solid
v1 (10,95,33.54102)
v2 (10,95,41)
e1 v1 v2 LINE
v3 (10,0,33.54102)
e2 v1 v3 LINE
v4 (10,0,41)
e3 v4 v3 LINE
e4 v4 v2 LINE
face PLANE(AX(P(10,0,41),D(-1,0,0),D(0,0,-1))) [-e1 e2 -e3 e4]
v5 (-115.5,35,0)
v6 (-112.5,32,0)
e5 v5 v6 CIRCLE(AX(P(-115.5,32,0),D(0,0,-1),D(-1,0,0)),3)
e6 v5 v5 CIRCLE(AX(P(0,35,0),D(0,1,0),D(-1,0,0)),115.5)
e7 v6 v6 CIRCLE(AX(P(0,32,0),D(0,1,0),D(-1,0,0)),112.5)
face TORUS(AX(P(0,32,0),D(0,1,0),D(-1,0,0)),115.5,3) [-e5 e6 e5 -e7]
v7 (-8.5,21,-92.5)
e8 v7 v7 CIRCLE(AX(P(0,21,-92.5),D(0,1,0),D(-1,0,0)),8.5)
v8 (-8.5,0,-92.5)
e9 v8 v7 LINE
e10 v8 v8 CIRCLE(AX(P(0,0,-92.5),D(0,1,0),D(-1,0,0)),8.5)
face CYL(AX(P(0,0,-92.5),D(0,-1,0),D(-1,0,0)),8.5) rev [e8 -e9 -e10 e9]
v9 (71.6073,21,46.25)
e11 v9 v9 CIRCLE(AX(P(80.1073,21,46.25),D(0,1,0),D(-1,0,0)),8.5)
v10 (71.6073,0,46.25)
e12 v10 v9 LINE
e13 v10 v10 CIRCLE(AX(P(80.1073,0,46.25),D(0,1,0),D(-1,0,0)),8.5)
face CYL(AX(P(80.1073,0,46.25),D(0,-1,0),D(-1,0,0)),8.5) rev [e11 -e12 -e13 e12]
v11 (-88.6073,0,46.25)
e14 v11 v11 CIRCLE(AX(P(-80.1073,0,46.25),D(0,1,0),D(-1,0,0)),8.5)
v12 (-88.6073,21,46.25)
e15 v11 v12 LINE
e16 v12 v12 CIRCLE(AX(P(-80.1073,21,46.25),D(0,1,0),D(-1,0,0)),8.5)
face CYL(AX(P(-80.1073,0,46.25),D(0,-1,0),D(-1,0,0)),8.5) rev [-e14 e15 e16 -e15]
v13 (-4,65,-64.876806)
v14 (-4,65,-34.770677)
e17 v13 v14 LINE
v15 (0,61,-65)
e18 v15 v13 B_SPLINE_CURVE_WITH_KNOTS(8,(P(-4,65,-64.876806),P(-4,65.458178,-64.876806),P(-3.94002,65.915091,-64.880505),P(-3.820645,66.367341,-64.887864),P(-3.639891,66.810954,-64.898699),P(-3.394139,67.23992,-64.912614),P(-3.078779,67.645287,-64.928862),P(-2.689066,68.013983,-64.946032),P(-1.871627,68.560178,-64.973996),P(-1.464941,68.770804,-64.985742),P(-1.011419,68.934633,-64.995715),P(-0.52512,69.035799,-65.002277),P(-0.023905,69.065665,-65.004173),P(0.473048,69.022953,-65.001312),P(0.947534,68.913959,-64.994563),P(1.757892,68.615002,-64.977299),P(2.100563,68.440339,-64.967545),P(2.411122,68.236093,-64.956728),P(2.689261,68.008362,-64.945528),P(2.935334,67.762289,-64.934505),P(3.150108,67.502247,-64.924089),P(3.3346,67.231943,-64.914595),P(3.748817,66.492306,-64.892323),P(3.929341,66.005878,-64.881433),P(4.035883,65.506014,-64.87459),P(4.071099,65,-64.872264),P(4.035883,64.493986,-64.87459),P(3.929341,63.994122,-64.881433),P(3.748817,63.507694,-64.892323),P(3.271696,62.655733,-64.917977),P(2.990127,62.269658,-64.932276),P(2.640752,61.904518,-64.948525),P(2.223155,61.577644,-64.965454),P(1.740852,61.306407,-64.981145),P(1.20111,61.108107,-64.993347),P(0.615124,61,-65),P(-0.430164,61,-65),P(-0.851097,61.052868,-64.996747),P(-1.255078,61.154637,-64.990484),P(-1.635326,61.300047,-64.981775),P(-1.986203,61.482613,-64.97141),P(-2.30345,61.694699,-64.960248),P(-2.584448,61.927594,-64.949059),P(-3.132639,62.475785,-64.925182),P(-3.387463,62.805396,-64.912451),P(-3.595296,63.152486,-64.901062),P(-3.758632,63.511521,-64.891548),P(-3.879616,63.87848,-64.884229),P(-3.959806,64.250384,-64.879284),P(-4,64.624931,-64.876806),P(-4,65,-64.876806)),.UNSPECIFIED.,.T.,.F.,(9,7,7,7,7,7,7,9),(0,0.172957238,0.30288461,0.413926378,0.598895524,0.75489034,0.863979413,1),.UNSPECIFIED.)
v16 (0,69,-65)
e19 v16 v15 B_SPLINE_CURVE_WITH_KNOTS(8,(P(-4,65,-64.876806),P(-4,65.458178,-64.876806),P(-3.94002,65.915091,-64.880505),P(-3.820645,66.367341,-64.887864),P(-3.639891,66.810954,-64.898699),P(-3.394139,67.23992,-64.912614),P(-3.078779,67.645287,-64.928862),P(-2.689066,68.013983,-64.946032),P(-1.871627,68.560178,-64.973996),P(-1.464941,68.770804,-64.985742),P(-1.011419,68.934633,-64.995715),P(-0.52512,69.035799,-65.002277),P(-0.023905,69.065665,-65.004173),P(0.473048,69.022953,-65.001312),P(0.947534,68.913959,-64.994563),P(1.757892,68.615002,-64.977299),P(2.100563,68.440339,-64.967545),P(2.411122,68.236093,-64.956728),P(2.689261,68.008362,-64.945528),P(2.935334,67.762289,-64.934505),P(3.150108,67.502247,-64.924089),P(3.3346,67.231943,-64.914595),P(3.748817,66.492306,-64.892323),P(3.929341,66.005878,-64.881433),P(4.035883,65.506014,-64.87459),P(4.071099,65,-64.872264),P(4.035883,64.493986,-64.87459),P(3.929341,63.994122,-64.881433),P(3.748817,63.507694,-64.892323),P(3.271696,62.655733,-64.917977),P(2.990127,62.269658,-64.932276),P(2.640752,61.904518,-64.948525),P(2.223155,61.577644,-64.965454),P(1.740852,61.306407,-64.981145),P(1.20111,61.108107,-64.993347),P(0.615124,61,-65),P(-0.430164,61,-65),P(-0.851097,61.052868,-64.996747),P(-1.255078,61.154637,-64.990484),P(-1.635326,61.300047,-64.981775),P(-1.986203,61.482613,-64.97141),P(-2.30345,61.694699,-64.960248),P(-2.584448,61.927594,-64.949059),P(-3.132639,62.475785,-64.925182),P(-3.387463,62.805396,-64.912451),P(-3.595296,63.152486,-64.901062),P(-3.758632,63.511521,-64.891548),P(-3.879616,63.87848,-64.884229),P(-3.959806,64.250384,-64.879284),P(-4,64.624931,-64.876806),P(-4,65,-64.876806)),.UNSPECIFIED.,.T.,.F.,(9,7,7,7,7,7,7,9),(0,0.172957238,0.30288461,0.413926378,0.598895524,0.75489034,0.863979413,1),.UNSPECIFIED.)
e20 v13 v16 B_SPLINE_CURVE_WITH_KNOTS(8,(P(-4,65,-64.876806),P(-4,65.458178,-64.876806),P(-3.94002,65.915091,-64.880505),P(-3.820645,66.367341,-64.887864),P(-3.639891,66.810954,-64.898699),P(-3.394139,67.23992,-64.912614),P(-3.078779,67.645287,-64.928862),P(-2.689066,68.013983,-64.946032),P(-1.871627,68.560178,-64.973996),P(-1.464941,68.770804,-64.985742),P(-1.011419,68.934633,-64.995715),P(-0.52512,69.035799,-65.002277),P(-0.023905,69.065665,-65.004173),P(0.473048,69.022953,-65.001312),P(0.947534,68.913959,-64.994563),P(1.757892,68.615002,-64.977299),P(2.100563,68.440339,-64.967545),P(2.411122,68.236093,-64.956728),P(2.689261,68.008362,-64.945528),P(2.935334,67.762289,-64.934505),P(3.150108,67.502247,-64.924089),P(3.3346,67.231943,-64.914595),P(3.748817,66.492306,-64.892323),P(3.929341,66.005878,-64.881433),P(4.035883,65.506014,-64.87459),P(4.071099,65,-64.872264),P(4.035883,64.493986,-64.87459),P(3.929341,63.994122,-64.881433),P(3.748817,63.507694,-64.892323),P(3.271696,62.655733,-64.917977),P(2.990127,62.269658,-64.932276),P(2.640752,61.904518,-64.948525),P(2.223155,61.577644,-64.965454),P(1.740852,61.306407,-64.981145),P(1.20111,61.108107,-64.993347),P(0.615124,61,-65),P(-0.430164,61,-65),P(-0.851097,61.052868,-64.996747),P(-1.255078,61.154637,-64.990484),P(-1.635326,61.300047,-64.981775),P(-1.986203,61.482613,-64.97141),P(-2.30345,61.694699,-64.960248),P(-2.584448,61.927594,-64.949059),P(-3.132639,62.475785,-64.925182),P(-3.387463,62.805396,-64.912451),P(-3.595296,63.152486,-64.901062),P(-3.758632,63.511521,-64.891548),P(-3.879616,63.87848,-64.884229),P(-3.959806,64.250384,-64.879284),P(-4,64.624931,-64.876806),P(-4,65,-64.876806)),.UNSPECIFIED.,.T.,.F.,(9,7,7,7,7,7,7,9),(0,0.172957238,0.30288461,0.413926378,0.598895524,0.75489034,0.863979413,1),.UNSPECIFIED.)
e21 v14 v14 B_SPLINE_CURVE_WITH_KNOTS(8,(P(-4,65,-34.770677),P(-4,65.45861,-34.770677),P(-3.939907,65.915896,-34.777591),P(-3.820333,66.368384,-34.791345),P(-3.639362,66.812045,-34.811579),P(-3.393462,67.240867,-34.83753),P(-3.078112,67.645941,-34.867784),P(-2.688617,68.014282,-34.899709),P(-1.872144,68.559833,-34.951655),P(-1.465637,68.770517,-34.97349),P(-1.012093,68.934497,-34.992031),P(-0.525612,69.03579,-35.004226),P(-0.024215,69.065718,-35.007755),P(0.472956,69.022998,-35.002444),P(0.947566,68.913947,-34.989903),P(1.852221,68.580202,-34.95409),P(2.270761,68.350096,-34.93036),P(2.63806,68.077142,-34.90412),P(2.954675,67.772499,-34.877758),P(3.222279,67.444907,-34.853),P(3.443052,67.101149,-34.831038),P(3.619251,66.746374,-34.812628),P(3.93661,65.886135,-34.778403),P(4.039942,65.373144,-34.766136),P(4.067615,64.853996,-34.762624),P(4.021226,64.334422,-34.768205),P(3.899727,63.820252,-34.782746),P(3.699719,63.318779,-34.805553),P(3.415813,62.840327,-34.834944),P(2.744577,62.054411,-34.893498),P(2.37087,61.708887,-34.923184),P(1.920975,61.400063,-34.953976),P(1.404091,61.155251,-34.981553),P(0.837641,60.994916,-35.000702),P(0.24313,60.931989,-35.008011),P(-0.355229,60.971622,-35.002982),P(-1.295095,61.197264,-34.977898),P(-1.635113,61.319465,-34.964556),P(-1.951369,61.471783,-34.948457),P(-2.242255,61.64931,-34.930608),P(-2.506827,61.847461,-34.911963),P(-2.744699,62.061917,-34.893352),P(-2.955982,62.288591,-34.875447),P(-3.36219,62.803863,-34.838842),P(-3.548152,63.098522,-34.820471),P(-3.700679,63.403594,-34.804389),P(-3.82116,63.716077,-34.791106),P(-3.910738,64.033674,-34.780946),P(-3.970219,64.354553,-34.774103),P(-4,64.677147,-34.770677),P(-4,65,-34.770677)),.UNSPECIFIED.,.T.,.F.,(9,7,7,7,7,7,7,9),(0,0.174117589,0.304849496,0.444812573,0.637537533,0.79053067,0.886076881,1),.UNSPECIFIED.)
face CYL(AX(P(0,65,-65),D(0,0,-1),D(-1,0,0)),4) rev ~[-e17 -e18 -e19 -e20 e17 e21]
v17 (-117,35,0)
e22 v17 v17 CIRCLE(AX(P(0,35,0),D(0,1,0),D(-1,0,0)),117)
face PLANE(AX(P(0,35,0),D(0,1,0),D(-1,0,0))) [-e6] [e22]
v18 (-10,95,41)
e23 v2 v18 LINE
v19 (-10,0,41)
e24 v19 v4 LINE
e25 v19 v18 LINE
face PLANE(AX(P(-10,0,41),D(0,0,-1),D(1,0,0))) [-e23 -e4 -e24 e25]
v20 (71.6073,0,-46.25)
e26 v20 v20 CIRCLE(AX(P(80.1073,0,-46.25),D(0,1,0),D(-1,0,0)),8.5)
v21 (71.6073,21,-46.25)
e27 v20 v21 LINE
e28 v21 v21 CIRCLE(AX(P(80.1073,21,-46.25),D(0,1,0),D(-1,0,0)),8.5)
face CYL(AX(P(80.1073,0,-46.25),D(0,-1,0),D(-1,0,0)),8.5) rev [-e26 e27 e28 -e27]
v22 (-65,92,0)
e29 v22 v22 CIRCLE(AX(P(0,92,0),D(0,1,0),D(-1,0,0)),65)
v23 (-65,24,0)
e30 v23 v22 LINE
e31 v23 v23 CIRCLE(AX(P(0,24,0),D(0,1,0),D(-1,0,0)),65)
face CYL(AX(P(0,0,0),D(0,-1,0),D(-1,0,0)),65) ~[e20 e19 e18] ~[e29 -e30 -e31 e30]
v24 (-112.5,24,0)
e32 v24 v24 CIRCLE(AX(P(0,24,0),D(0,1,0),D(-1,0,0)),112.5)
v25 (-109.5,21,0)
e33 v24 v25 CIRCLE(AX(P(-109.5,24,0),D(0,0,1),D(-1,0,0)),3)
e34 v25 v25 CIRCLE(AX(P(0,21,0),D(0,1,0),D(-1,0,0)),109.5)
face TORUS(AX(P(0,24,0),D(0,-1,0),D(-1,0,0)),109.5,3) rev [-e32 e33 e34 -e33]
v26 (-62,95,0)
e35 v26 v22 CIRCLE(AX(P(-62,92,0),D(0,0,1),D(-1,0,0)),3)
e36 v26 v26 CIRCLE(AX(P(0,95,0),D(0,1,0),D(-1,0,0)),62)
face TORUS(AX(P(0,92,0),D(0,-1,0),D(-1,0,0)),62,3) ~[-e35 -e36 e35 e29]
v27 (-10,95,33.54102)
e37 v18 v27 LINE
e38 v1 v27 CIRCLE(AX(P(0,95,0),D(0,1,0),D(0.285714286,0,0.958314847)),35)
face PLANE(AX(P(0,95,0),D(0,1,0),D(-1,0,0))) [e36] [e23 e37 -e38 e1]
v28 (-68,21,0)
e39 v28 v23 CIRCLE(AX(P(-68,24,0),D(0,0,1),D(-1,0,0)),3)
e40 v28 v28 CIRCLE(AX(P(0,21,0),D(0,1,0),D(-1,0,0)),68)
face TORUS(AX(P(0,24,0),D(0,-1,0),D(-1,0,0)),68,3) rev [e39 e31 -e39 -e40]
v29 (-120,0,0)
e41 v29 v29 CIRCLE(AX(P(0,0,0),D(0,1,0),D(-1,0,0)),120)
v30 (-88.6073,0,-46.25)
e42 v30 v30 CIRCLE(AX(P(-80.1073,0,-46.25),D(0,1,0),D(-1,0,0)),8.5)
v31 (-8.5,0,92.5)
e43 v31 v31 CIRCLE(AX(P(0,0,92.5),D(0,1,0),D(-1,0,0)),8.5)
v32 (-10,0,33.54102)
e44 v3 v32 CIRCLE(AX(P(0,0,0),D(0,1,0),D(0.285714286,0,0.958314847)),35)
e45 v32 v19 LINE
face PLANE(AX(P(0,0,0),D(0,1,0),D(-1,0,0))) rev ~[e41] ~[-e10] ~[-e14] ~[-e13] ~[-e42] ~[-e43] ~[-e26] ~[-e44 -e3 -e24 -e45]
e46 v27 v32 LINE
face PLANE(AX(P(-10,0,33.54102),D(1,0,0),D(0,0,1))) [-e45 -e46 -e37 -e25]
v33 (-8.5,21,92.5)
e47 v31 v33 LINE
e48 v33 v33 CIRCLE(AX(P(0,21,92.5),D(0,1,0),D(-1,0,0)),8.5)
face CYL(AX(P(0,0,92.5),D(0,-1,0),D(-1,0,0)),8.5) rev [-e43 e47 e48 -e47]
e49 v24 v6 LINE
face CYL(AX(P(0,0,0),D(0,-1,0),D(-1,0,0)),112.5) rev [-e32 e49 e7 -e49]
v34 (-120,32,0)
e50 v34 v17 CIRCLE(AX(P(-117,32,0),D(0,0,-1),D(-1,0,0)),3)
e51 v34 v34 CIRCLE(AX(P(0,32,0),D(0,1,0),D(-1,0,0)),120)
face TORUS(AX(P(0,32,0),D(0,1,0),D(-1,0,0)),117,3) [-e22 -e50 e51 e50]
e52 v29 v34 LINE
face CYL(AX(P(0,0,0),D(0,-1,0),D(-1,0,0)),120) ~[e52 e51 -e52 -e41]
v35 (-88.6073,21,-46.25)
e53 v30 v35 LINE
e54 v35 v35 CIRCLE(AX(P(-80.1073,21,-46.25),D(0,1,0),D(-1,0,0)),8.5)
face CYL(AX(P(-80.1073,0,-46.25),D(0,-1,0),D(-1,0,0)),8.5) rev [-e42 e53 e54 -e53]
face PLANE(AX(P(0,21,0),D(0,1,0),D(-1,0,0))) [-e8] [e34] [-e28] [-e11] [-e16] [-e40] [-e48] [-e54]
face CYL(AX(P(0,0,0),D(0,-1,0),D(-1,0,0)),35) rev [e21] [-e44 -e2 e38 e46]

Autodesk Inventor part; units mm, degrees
ref_plane "YZ Plane" through (0, 0, 0) normal (1, 0, 0) x (0, 1, 0)
ref_plane "XZ Plane" through (0, 0, 0) normal (0, 1, 0) x (-1, 0, 0)
ref_plane "XY Plane" through (0, 0, 0) normal (0, 0, 1) x (1, 0, 0)
sketch "Náčrt1" plane through (0, 0, 0) normal (0, 1, 0) x (-1, 0, 0)
  circle A0 centre (0, 0) radius 120
  circle A1 centre (0, 0) radius 112.5
  circle A2 centre (0, 0) radius 35
  circle A3 centre (0, 0) radius 65
  circle A4 centre (0, -92.5) radius 8.5
  line L0 (0, -65) -> (0, -92.5) construction
  circle A5 centre (80.1073, -46.25) radius 8.5
  circle A6 centre (80.1073, 46.25) radius 8.5
  circle A7 centre (0, 92.5) radius 8.5
  circle A8 centre (-80.1073, 46.25) radius 8.5
  circle A9 centre (-80.1073, -46.25) radius 8.5
  dimension "d3" = 130
  dimension "d0" = 240
  dimension "d1" = 225
  dimension "d2" = 70
  dimension "d59" = 17
  dimension "d61" = 27.5
  dimension "d64" = 360
  dimension "d67" = 185
extrude "Vysunutí1" add sketch "Náčrt1" along normal blind 95 contours A3
extrude "Vysunutí2" add sketch "Náčrt1" along normal blind 21 contours A1
extrude "Vysunutí3" add sketch "Náčrt1" along normal blind 35 contours A0
sketch "Náčrt3" plane through (0, 0, 0) normal (0, -1, 0) x (1, 0, 0)
  line L0 (-10, 41) -> (10, 41)
  line L1 (10, 41) -> (10, 29)
  line L2 (10, 29) -> (-10, 29)
  line L3 (-10, 29) -> (-10, 41)
  circle A0 centre (0, 0) radius 35 projected
  line L4 (-10, 41) -> (10, 29) construction
  line L5 (10, 41) -> (-10, 29) construction
  point P0 (0, 35)
  point P1 (0, 29)
  dimension "d18" = 20
  dimension "d19" = 12
  dimension "d20" = 29
extrude "Vysunutí5" cut sketch "Náčrt3" against normal through all contours L0 L1 A0 L3 | A0 L1 L2 L3 picked at (1.1251, 30.9456)
fillet "Fillet1" radius 3 5 edges at (112.5, 21, 0) (65, 21, 0) (112.5, 35, 0) (120, 35, 0) (65, 95, 0)
ref_plane "Work Plane1" through (10, 0, -65) normal (0, 0, -1) x (-1, 0, 0)
sketch "Sketch4" plane through (10, 0, -65) normal (0, 0, -1) x (-1, 0, 0)
  line L0 (10, 0) -> (10, 95)
  line L1 (-25, 95) -> (45, 95) projected
  line L2 (130, 0) -> (-110, 0) projected
  circle A0 centre (10, 65) radius 4
  point P0 (20, 95)
  point P1 (0, 95)
  dimension "d68" = 8
  dimension "d70" = 65
extrude "Extrusion6" cut sketch "Sketch4" against normal blind 35
thread "Závit5" size "M8x1.25" class "6H" standard "ANSI Metric M Profile" full length
sketch "Náčrt5" plane through (0, 0, 0) normal (0, -1, 0) x (1, 0, 0)
  line L0 (0, 0) -> (0, -204.798)
  line L1 (0, -204.798) -> (-154.511, 0)
  line L2 (-154.511, 0) -> (0, 0)
  dimension "d71" = 37.033
  dimension "d72" = 256.546
extrude "Vysunutí8" [suppressed]
thread "Závit6" size "M8x1.25" class "6H" standard "ANSI Metric M Profile" full length
properties part number "S2spojkav3" material "Sedá litina (42 2420)"
